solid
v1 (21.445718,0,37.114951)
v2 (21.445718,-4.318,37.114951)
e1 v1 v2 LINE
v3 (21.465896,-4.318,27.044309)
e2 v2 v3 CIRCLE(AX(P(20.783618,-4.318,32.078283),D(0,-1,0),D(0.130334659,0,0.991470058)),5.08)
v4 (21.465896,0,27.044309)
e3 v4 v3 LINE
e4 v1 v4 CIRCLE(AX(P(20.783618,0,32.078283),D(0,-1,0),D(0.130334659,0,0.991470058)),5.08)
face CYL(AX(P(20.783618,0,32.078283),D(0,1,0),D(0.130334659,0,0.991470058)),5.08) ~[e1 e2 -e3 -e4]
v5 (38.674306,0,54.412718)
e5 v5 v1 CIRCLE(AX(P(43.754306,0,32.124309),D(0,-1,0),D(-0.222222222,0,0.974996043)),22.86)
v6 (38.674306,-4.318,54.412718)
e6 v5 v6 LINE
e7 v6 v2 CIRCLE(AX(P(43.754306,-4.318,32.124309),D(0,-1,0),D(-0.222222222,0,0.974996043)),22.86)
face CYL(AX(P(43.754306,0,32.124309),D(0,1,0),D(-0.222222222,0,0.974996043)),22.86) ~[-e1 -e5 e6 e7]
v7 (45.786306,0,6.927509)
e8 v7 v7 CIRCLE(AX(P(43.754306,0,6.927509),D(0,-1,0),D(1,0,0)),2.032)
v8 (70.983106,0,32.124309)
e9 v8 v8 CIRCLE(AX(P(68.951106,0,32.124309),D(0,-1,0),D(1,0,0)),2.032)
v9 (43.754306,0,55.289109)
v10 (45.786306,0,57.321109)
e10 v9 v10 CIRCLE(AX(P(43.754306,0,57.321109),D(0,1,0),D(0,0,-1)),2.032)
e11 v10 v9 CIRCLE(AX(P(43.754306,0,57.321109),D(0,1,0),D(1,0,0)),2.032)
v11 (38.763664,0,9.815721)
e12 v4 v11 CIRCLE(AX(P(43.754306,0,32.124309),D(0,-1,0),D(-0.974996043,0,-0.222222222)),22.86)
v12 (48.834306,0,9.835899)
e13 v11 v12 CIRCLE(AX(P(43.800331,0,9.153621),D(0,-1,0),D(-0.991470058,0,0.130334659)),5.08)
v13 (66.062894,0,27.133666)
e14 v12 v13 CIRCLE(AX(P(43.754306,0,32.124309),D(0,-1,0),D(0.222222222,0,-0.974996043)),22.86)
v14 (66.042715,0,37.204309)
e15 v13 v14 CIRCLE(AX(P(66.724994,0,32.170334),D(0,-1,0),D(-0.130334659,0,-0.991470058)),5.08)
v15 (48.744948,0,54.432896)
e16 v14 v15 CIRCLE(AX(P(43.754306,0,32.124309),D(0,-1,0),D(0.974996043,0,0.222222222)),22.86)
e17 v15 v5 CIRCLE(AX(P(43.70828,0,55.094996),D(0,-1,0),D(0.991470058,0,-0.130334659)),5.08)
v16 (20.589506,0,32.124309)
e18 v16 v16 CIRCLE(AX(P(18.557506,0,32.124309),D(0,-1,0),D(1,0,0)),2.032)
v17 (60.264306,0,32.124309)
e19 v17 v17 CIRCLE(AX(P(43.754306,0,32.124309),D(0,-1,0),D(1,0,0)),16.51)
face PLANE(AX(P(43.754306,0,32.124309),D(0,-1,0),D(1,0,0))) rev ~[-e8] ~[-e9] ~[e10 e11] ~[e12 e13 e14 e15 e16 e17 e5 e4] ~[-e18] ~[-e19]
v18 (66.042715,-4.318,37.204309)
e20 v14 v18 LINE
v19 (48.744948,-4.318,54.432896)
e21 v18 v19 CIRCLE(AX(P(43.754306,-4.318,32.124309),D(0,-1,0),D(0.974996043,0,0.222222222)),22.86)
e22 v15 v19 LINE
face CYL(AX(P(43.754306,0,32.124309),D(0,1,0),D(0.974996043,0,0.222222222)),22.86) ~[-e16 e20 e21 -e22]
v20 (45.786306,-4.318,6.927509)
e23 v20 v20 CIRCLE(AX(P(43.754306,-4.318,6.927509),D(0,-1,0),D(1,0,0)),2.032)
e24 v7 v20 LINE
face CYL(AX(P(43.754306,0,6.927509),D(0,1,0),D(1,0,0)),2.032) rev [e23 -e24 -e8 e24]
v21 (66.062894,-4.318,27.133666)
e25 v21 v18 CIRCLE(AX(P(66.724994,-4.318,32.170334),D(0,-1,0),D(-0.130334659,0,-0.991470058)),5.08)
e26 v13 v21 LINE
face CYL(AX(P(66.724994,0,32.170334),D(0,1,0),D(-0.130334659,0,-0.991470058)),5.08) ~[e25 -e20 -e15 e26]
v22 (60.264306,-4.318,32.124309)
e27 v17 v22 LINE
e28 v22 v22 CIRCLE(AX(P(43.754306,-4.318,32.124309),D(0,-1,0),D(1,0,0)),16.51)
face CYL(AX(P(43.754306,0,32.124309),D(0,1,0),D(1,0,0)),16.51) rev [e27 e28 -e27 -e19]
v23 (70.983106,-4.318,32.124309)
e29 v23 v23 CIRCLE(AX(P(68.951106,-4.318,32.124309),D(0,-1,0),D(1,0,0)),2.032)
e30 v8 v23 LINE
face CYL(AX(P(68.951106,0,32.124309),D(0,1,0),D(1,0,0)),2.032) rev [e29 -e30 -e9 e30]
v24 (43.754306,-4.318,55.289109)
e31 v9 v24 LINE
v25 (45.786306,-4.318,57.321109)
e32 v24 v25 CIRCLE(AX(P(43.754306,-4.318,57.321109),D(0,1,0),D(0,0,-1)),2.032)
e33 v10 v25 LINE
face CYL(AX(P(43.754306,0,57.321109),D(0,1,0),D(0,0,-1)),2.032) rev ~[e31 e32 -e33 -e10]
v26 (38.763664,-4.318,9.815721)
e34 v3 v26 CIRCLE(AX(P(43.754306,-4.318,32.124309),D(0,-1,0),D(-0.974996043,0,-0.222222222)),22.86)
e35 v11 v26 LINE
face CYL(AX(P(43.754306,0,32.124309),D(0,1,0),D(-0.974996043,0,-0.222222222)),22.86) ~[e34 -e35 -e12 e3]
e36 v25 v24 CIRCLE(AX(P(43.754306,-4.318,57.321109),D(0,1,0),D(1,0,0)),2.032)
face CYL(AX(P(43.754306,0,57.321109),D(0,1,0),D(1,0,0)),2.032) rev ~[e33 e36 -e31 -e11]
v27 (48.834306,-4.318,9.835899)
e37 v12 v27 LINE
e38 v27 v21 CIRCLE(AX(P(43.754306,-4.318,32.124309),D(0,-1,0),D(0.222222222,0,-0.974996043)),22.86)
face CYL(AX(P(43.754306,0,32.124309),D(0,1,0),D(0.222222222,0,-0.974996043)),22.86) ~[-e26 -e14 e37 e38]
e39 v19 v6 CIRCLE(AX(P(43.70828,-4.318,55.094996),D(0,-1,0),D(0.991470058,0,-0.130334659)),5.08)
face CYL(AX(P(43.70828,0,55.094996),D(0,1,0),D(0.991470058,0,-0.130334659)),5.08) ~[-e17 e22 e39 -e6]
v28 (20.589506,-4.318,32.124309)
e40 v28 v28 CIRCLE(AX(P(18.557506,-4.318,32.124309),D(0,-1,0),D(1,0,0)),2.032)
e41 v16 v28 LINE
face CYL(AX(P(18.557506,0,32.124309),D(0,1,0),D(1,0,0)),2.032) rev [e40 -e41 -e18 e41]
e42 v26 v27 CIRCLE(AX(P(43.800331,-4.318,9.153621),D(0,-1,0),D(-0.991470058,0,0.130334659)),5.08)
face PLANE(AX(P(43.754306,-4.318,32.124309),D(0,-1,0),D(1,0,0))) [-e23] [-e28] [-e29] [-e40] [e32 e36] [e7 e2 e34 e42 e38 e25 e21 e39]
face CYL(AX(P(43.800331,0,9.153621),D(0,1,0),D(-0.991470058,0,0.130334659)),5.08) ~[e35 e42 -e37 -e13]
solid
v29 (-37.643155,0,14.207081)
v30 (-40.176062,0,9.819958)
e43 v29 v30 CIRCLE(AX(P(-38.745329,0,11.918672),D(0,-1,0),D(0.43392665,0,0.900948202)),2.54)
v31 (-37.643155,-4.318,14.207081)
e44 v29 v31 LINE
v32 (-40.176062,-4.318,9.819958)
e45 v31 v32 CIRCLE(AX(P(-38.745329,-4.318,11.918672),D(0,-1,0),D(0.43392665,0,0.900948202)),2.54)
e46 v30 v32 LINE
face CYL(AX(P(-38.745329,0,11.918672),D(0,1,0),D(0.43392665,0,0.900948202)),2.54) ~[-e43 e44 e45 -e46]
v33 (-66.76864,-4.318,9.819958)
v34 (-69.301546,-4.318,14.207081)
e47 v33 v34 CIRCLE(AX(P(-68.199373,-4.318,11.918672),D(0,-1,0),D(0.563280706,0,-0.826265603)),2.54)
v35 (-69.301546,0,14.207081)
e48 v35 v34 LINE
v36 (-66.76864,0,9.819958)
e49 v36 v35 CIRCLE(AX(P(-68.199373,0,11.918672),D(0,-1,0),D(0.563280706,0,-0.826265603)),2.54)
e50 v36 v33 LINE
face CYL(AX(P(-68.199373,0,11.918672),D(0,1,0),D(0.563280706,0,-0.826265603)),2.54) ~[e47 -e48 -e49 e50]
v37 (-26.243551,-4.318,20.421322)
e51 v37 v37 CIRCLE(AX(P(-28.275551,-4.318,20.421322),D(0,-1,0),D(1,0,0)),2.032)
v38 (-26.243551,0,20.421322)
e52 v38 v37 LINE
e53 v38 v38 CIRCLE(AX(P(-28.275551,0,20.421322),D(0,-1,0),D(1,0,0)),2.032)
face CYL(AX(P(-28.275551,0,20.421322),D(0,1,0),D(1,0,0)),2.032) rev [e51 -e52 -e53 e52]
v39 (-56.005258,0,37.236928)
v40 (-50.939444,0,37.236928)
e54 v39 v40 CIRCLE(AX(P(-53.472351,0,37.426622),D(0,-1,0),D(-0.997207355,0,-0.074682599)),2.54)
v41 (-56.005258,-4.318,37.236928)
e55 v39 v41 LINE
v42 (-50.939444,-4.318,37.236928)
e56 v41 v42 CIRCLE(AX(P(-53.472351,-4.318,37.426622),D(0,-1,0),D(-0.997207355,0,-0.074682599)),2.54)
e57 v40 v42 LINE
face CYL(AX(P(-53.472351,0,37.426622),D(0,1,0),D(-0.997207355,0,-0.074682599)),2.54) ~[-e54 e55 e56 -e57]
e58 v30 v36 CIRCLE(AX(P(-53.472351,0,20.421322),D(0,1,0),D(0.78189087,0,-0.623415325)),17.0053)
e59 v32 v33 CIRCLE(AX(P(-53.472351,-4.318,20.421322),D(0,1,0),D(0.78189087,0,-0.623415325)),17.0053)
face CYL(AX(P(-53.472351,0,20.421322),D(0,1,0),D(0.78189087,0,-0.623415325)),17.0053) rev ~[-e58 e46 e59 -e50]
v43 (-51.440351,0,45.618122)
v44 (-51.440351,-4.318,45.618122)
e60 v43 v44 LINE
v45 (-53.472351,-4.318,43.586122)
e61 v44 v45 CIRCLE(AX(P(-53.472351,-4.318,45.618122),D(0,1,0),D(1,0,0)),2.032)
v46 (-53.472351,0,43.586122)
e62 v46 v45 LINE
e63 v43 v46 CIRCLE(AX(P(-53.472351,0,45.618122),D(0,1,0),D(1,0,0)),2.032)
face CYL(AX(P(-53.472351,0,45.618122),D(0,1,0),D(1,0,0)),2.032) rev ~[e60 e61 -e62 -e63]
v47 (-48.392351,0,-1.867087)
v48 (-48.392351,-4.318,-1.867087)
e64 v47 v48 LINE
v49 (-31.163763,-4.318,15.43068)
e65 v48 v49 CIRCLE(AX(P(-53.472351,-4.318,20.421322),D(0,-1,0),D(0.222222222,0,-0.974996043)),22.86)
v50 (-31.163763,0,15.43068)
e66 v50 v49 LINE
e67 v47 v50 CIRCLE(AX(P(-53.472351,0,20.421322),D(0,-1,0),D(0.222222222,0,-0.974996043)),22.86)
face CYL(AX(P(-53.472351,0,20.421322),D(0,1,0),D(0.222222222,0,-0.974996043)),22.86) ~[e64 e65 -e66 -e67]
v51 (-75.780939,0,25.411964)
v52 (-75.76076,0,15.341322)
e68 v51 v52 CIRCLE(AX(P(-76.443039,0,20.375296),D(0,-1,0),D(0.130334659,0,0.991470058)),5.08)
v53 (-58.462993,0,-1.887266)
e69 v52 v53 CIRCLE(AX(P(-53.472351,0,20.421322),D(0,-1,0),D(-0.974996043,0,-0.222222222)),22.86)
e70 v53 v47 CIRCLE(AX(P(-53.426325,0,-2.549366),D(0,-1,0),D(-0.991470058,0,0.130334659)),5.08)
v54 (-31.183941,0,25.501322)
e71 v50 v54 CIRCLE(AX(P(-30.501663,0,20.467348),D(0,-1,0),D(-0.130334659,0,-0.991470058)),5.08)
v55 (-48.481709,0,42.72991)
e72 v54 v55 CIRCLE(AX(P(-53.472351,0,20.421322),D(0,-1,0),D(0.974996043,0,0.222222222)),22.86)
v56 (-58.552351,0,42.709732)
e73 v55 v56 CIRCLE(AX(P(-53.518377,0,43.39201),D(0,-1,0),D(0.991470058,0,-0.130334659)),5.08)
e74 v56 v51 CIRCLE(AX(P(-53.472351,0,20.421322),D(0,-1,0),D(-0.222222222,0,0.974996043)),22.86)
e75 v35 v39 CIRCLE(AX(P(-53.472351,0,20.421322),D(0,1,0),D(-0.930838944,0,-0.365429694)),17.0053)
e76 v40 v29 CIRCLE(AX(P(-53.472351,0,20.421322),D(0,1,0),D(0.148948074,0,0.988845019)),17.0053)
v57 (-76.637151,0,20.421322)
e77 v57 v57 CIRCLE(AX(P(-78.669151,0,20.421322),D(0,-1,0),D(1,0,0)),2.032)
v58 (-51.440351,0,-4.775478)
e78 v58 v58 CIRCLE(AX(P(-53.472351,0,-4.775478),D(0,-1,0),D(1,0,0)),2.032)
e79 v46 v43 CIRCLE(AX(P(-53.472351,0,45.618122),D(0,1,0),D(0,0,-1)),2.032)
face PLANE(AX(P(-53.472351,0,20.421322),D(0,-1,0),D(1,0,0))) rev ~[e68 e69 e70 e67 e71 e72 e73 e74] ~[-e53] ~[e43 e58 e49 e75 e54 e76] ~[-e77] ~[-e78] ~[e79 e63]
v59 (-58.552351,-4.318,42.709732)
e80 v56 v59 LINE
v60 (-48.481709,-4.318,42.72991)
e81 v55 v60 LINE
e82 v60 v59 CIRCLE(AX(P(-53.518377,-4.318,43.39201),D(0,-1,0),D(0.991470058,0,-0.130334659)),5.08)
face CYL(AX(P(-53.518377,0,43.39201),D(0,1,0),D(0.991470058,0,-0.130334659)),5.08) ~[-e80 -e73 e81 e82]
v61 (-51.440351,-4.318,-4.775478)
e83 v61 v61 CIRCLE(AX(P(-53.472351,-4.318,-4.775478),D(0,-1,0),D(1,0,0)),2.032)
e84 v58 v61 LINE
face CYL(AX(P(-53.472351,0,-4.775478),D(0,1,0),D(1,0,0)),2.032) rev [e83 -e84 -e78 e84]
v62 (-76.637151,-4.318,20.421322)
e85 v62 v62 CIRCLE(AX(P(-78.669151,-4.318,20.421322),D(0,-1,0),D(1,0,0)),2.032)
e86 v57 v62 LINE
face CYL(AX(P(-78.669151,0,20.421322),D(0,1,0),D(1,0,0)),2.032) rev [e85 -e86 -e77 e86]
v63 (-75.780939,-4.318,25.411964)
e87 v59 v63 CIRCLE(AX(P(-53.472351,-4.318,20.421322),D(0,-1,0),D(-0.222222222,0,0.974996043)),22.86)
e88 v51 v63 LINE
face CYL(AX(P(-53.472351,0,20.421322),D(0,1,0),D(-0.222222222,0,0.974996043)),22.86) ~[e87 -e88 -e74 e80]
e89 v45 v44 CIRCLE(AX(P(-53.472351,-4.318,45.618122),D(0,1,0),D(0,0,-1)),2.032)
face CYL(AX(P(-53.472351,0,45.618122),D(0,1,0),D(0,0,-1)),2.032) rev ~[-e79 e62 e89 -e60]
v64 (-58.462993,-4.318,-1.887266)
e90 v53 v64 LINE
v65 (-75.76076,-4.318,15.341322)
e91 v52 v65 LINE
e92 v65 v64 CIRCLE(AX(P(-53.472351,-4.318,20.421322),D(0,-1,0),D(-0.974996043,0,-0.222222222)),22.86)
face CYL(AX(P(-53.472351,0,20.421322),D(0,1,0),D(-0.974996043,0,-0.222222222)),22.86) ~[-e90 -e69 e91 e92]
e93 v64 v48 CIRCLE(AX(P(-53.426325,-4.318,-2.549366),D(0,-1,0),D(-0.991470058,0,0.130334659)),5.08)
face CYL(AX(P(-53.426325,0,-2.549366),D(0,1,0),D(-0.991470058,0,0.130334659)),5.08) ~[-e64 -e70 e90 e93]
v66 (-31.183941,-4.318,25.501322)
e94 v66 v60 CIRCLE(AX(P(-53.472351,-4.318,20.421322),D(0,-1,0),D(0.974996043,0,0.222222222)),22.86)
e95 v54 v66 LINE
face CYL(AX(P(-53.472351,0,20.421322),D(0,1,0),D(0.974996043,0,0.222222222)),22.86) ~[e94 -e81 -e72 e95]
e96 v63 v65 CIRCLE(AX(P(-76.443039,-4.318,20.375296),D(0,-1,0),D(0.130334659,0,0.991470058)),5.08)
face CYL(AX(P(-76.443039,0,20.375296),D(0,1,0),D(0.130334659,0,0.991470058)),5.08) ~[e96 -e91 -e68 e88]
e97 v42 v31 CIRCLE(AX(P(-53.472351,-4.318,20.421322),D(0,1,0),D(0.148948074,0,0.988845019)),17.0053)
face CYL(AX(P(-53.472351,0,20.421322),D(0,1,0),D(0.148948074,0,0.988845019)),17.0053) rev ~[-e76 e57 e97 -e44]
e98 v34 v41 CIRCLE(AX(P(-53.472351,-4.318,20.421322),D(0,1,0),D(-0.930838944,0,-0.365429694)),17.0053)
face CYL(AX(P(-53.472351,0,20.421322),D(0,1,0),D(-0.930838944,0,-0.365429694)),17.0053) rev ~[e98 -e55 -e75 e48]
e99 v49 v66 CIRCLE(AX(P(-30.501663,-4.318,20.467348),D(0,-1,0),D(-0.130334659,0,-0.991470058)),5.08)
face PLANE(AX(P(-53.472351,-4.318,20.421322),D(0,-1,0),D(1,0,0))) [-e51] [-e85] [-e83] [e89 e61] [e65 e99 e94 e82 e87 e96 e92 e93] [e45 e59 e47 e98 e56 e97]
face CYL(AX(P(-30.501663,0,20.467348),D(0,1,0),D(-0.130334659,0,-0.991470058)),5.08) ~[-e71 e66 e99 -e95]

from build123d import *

# Parameters (mm, degrees)
F0_R     = 2.032
F1_DEPTH = 4.318
F0_R_2   = 16.51


with BuildPart() as f1:
    # F0 (on Front) → F1 (new body)
    with BuildSketch(Plane.XZ):
        with BuildLine():
            ThreePointArc((-75.7809386904, 25.4119643962), (-81.5230285615, 20.3651178493), (-75.7607603929, 15.3413223012))
            ThreePointArc((-75.7607603929, 15.3413223012), (-69.6043911518, 4.2245054637), (-58.4629929439, -1.8872655403))
            ThreePointArc((-58.4629929439, -1.8872655403), (-53.416146397, -7.6293554114), (-48.3923508489, -1.8670872428))
            ThreePointArc((-48.3923508489, -1.8670872428), (-37.2755340114, 4.2892819983), (-31.1637630075, 15.4306802062))
            ThreePointArc((-31.1637630075, 15.4306802062), (-25.4216731363, 20.4775267531), (-31.1839413049, 25.5013223012))
            ThreePointArc((-31.1839413049, 25.5013223012), (-37.3403105461, 36.6181391387), (-48.4817087539, 42.7299101426))
            ThreePointArc((-48.4817087539, 42.7299101426), (-53.5285553008, 48.4720000138), (-58.5523508489, 42.7097318451))
            ThreePointArc((-58.5523508489, 42.7097318451), (-69.6691676864, 36.553362604), (-75.7809386904, 25.4119643962))
        make_face()
        with Locations((-53.4723508489, -4.7754776988)):
            Circle(F0_R, mode=Mode.SUBTRACT)
        with Locations((-78.6691508489, 20.4213223012)):
            Circle(F0_R, mode=Mode.SUBTRACT)
        with BuildLine():
            ThreePointArc((-50.9394441665, 37.2369284998), (-38.7453290499, 28.9239723012), (-37.6431553596, 14.2070807342))
            ThreePointArc((-37.6431553596, 14.2070807342), (-40.9450335756, 13.1886723012), (-40.176062042, 9.8199576695))
            ThreePointArc((-40.176062042, 9.8199576695), (-53.4723508489, 3.4160223012), (-66.7686396558, 9.8199576695))
            ThreePointArc((-66.7686396558, 9.8199576695), (-65.9996681223, 13.1886723012), (-69.3015463382, 14.2070807342))
            ThreePointArc((-69.3015463382, 14.2070807342), (-68.1993726479, 28.9239723012), (-56.0052575313, 37.2369284998))
            ThreePointArc((-56.0052575313, 37.2369284998), (-53.4723508489, 34.8866223012), (-50.9394441665, 37.2369284998))
        make_face(mode=Mode.SUBTRACT)
        with Locations((-28.2755508489, 20.4213223012)):
            Circle(F0_R, mode=Mode.SUBTRACT)
        with BuildLine():
            ThreePointArc((-53.4723508489, 43.5861223012), (-54.9091918283, 47.0549632805), (-51.4403508489, 45.6181223012))
            ThreePointArc((-51.4403508489, 45.6181223012), (-52.0355098695, 44.1812813218), (-53.4723508489, 43.5861223012))
        make_face(mode=Mode.SUBTRACT)
    extrude(amount=F1_DEPTH)


with BuildPart() as f1b:
    # F0 (on Front) → F1, piece 2 (new body)
    with BuildSketch(Plane.XZ):
        with BuildLine():
            ThreePointArc((48.7449477855, 54.432896421), (43.6981012386, 60.1749862921), (38.6743056905, 54.4127181235))
            ThreePointArc((38.6743056905, 54.4127181235), (27.557488853, 48.2563488824), (21.4457178491, 37.1149506745))
            ThreePointArc((21.4457178491, 37.1149506745), (15.7036279779, 32.0681041276), (21.4658961466, 27.0443085795))
            ThreePointArc((21.4658961466, 27.0443085795), (27.6222653877, 15.9274917421), (38.7636635955, 9.8157207381))
            ThreePointArc((38.7636635955, 9.8157207381), (43.8105101424, 4.0736308669), (48.8343056905, 9.8358990356))
            ThreePointArc((48.8343056905, 9.8358990356), (59.951122528, 15.9922682767), (66.062893532, 27.1336664846))
            ThreePointArc((66.062893532, 27.1336664846), (71.8049834031, 32.1805130314), (66.0427152345, 37.2043085795))
            ThreePointArc((66.0427152345, 37.2043085795), (59.8863459934, 48.321125417), (48.7449477855, 54.432896421))
        make_face()
        with Locations((43.7543056905, 6.9275085795)):
            Circle(F0_R, mode=Mode.SUBTRACT)
        with Locations((18.5575056905, 32.1243085795)):
            Circle(F0_R, mode=Mode.SUBTRACT)
        with Locations((43.7543056905, 32.1243085795)):
            Circle(F0_R_2, mode=Mode.SUBTRACT)
        with Locations((68.9511056905, 32.1243085795)):
            Circle(F0_R, mode=Mode.SUBTRACT)
        with BuildLine():
            ThreePointArc((43.7543056905, 55.2891085795), (42.3174647112, 58.7579495589), (45.7863056905, 57.3211085795))
            ThreePointArc((45.7863056905, 57.3211085795), (45.1911466699, 55.8842676002), (43.7543056905, 55.2891085795))
        make_face(mode=Mode.SUBTRACT)
    extrude(amount=F1_DEPTH)


solid = Compound([f1.part, f1b.part])
